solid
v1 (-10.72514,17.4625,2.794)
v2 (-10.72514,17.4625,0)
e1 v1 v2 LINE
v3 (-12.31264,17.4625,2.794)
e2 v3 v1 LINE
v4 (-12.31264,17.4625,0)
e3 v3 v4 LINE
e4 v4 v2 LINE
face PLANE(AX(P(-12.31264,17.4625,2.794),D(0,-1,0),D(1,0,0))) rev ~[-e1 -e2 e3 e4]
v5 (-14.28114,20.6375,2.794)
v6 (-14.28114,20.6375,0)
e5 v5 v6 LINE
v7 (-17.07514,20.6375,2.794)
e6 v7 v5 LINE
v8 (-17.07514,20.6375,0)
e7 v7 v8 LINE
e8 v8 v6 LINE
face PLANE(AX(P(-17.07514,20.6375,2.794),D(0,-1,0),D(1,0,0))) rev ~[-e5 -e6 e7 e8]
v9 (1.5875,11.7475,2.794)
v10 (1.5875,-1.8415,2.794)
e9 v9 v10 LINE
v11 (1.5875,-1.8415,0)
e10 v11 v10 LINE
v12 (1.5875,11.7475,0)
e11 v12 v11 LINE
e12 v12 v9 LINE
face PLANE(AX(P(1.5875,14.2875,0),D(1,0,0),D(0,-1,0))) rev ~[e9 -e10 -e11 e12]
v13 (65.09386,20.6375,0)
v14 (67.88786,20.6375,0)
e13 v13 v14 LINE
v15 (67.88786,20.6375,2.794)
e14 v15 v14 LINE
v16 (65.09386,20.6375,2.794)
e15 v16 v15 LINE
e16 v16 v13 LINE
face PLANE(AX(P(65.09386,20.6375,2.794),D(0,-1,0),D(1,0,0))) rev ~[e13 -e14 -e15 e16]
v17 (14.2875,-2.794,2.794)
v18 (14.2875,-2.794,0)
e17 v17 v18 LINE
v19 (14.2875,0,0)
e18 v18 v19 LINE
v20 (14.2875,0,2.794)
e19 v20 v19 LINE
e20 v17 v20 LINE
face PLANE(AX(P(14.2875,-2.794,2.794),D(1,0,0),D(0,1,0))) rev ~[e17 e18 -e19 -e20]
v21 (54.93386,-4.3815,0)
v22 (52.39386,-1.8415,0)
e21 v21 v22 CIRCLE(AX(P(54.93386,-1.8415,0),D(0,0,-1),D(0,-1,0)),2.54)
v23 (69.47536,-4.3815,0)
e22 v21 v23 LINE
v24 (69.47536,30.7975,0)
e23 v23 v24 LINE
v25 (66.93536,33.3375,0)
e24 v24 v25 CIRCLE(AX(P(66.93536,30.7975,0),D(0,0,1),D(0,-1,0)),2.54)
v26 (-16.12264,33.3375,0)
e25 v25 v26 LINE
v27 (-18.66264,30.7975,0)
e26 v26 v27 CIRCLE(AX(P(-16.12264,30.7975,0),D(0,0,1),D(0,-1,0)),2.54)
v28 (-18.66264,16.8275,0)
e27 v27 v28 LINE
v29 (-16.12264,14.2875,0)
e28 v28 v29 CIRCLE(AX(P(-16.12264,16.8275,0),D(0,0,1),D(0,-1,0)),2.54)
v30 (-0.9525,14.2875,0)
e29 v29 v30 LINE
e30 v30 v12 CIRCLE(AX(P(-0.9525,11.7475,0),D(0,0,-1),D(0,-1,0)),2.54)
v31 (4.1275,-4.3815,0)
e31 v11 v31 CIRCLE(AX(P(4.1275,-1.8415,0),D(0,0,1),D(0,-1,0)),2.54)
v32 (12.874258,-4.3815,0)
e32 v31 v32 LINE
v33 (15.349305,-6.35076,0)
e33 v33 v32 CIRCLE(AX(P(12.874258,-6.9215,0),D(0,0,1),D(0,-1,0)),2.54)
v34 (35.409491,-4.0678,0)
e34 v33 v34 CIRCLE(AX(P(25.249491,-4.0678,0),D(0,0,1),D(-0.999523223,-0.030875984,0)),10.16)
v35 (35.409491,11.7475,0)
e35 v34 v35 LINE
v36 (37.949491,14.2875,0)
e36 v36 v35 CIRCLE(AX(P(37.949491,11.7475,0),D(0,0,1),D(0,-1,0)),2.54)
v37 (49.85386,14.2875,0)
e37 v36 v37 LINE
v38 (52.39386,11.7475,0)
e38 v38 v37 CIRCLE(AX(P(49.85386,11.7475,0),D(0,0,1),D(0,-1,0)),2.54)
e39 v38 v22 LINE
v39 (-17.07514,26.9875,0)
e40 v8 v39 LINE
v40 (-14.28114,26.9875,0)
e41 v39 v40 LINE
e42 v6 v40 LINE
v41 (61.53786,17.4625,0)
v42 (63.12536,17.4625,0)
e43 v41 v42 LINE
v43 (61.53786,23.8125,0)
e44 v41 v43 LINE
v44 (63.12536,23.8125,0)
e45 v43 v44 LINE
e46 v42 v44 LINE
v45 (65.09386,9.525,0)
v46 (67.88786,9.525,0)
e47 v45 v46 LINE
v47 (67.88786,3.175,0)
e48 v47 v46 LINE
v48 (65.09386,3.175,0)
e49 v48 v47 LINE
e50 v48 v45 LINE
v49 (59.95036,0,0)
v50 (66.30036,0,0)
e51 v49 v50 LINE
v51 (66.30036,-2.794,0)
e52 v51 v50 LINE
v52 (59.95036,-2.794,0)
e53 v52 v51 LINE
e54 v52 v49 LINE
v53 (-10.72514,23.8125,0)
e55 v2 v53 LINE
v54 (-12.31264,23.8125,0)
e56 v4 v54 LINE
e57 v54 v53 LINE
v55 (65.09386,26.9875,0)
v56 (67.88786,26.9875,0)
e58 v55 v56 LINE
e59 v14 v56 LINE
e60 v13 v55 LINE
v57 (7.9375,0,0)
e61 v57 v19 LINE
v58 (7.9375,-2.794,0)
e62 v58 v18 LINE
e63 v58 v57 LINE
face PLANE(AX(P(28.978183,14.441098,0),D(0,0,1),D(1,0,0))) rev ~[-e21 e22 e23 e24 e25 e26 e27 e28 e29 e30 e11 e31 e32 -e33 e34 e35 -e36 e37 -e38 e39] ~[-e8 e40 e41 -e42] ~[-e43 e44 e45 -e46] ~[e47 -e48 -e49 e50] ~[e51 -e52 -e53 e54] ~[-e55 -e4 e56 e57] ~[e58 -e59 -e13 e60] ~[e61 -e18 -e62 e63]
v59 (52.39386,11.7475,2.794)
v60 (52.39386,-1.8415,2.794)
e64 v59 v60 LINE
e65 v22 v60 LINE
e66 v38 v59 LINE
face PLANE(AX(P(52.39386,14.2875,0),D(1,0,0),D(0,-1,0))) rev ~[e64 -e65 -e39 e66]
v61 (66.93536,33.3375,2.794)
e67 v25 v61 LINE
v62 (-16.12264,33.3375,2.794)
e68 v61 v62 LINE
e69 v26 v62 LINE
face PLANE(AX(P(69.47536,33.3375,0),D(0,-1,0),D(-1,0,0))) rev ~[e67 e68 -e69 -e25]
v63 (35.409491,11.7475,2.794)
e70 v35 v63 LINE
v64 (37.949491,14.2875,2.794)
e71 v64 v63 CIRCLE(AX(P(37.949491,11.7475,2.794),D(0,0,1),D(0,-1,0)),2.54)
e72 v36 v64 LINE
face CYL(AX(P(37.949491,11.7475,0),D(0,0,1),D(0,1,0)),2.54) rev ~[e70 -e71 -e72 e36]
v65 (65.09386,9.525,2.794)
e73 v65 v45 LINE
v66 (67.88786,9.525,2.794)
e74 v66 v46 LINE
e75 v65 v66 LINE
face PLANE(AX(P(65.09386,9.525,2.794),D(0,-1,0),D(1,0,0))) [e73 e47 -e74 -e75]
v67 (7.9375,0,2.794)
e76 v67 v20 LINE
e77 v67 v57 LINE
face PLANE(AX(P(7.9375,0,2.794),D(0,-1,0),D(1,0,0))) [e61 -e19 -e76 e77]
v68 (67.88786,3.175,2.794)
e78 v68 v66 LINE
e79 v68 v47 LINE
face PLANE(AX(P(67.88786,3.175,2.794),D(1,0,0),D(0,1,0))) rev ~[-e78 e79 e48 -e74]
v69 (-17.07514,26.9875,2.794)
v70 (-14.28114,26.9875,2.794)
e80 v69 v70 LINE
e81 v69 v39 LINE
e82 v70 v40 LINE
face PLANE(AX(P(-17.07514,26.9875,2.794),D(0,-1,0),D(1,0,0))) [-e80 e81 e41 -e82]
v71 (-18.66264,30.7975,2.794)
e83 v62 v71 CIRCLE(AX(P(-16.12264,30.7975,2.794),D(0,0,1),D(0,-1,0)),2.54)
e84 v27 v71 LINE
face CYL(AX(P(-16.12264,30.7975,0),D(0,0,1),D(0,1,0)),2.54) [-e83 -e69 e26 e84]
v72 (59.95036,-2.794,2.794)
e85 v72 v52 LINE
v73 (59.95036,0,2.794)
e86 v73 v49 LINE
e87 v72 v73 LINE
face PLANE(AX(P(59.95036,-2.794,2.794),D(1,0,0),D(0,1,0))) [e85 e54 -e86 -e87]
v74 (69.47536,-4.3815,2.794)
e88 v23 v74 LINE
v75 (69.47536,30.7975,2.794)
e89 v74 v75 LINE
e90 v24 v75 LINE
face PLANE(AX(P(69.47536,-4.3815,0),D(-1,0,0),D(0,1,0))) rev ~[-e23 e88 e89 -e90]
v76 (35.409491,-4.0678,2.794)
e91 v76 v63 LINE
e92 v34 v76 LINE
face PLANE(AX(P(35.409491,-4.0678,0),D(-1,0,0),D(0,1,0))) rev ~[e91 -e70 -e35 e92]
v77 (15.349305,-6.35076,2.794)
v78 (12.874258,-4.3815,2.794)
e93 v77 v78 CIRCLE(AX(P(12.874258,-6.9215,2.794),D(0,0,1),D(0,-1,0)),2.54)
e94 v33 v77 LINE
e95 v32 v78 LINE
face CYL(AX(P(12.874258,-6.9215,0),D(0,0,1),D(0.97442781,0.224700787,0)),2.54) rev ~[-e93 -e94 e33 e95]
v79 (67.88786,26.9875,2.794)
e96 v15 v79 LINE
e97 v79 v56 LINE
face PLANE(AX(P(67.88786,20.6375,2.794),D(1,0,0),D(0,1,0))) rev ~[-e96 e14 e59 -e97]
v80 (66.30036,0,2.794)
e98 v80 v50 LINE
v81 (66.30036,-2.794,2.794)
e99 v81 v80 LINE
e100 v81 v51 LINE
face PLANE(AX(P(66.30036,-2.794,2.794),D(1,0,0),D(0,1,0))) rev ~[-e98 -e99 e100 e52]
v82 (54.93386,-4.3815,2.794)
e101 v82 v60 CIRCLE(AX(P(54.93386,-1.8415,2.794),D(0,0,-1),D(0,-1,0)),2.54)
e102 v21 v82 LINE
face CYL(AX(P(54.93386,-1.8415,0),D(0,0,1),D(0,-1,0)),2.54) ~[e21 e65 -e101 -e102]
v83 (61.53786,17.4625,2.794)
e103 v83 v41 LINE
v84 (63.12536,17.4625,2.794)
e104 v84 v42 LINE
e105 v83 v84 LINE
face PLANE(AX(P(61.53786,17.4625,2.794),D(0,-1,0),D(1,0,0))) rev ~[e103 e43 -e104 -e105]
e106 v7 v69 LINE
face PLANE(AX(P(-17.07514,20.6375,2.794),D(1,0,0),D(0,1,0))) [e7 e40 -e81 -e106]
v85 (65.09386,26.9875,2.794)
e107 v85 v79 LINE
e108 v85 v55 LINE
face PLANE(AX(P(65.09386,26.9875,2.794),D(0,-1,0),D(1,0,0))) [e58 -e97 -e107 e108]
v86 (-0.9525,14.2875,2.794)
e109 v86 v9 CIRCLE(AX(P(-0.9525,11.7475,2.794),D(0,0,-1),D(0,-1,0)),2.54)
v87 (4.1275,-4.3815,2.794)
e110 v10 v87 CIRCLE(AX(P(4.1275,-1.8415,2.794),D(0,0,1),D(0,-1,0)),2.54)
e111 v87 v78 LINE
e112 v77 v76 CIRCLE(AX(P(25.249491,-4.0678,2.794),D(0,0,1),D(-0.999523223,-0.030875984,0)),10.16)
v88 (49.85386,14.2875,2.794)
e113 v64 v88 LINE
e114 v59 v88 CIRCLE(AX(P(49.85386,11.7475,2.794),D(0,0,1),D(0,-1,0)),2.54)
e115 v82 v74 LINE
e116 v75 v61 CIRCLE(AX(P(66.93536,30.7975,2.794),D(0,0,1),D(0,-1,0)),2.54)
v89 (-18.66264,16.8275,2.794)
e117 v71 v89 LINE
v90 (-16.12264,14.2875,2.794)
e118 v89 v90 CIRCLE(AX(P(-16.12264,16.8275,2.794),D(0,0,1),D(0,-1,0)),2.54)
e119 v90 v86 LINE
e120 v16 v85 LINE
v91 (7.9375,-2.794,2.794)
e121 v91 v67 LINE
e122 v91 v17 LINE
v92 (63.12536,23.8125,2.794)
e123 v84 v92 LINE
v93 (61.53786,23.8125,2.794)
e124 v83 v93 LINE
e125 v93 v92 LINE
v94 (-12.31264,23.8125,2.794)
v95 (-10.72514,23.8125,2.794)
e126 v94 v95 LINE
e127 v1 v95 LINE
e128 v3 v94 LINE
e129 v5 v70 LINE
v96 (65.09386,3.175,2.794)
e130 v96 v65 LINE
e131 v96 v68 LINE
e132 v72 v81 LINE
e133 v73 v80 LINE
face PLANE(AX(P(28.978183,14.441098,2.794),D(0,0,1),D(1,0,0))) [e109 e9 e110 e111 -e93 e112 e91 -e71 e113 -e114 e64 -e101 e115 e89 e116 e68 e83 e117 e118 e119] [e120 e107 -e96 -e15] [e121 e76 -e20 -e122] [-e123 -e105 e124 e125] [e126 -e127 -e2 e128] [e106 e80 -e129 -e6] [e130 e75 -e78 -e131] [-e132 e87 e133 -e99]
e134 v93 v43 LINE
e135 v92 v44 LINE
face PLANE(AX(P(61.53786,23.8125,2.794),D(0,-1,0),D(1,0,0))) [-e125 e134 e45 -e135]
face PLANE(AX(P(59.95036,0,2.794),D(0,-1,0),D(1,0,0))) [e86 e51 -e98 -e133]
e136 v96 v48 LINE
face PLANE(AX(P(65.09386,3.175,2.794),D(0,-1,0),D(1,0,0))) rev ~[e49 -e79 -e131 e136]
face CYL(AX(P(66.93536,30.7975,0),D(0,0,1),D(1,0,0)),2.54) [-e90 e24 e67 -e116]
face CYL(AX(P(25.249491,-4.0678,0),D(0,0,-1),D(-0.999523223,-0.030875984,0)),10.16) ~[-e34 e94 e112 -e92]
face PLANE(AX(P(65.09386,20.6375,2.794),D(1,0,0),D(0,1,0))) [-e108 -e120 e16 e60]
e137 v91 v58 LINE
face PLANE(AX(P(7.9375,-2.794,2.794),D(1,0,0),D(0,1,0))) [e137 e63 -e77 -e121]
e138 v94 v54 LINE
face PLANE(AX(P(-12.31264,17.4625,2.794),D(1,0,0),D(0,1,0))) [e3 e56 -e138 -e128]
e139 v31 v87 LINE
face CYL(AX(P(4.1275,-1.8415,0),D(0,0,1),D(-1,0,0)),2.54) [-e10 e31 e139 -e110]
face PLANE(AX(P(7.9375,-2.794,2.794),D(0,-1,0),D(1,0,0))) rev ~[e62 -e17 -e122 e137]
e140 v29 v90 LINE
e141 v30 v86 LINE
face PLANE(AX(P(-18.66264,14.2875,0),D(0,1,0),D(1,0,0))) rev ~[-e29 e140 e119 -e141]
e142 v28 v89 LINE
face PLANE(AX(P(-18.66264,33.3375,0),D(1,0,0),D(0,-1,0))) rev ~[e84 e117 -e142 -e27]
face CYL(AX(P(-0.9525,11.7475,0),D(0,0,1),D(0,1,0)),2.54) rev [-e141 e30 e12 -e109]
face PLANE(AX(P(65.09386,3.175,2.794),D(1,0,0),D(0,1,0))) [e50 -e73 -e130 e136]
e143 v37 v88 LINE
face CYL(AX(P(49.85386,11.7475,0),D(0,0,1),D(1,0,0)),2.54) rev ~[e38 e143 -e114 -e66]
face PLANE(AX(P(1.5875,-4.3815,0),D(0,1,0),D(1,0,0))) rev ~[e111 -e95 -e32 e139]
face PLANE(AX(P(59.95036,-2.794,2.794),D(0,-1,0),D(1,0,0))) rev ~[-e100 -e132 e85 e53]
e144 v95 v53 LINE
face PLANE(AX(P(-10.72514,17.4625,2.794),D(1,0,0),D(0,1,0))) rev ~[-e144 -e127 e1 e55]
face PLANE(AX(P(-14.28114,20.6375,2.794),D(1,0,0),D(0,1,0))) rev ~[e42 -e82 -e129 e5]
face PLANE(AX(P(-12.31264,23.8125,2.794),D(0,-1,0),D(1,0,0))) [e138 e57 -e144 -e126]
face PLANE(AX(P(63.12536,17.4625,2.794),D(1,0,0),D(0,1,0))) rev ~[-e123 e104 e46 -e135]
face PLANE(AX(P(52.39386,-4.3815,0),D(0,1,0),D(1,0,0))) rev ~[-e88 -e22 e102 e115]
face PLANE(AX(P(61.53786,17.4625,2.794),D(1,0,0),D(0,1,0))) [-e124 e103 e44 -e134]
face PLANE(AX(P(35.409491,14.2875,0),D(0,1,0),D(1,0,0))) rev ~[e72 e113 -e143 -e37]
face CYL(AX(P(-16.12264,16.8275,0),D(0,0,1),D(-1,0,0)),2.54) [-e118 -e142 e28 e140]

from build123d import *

# Parameters (mm, degrees)
BOSS_EXTRUDE1_DEPTH = 2.794
SKETCH3_W           = 2.794
SKETCH3_H           = 6.35
SKETCH3_W_2         = 1.5875
SKETCH3_W_3         = 6.35
SKETCH3_H_2         = 2.794
CUT_EXTRUDE1_DEPTH  = 78.110446656
FILLET1_R           = 2.54


with BuildPart() as part:
    # Sketch1 → Boss-Extrude1 (new body)
    with BuildSketch(Plane.XY):
        with BuildLine():
            Line((69.475359958, -4.3815), (69.475359958, 33.3375))
            Line((69.475359958, 33.3375), (-18.662640042, 33.3375))
            Line((-18.662640042, 33.3375), (-18.662640042, 14.2875))
            Line((-18.662640042, 14.2875), (1.5875, 14.2875))
            Line((1.5875, 14.2875), (1.5875, -4.3815))
            Line((1.5875, -4.3815), (15.094335312, -4.3815))
            ThreePointArc((15.094335312, -4.3815), (25.406359958, -14.226588915), (35.409491259, -4.0678))
            Line((35.409491259, -4.0678), (35.409491259, 14.2875))
            Line((35.409491259, 14.2875), (52.393859958, 14.2875))
            Line((52.393859958, 14.2875), (52.393859958, -4.3815))
            Line((52.393859958, -4.3815), (69.475359958, -4.3815))
        make_face()
    extrude(amount=BOSS_EXTRUDE1_DEPTH)

    # Sketch3 → Cut-Extrude1 (cut, through all)
    with BuildSketch(Plane.XY.offset(2.794)):
        with Locations((-15.678140042, 23.8125)):
            Rectangle(SKETCH3_W, SKETCH3_H)
        with Locations((66.490859958, 23.8125)):
            Rectangle(SKETCH3_W, SKETCH3_H)
        with Locations((66.490859958, 6.35)):
            Rectangle(SKETCH3_W, SKETCH3_H)
        with Locations((-11.518890042, 20.6375)):
            Rectangle(SKETCH3_W_2, SKETCH3_H)
        with Locations((62.331609958, 20.6375)):
            Rectangle(SKETCH3_W_2, SKETCH3_H)
        with Locations((11.1125, -1.397)):
            Rectangle(SKETCH3_W_3, SKETCH3_H_2)
        with Locations((63.125359958, -1.397)):
            Rectangle(SKETCH3_W_3, SKETCH3_H_2)
    extrude(amount=-CUT_EXTRUDE1_DEPTH, mode=Mode.SUBTRACT)

    # Fillet1
    fillet1_edges = [part.edges().sort_by_distance(p)[0] for p in [
        (52.393859958, -4.3815, 1.397),
        (52.393859958, 14.2875, 1.397),
        (35.409491259, 14.2875, 1.397),
        (15.094335312, -4.3815, 1.397),
        (1.5875, -4.3815, 1.397),
        (1.5875, 14.2875, 1.397),
        (-18.662640042, 14.2875, 1.397),
        (-18.662640042, 33.3375, 1.397),
        (69.475359958, 33.3375, 1.397),
    ]]
    fillet(fillet1_edges, radius=FILLET1_R)


solid = part.part
